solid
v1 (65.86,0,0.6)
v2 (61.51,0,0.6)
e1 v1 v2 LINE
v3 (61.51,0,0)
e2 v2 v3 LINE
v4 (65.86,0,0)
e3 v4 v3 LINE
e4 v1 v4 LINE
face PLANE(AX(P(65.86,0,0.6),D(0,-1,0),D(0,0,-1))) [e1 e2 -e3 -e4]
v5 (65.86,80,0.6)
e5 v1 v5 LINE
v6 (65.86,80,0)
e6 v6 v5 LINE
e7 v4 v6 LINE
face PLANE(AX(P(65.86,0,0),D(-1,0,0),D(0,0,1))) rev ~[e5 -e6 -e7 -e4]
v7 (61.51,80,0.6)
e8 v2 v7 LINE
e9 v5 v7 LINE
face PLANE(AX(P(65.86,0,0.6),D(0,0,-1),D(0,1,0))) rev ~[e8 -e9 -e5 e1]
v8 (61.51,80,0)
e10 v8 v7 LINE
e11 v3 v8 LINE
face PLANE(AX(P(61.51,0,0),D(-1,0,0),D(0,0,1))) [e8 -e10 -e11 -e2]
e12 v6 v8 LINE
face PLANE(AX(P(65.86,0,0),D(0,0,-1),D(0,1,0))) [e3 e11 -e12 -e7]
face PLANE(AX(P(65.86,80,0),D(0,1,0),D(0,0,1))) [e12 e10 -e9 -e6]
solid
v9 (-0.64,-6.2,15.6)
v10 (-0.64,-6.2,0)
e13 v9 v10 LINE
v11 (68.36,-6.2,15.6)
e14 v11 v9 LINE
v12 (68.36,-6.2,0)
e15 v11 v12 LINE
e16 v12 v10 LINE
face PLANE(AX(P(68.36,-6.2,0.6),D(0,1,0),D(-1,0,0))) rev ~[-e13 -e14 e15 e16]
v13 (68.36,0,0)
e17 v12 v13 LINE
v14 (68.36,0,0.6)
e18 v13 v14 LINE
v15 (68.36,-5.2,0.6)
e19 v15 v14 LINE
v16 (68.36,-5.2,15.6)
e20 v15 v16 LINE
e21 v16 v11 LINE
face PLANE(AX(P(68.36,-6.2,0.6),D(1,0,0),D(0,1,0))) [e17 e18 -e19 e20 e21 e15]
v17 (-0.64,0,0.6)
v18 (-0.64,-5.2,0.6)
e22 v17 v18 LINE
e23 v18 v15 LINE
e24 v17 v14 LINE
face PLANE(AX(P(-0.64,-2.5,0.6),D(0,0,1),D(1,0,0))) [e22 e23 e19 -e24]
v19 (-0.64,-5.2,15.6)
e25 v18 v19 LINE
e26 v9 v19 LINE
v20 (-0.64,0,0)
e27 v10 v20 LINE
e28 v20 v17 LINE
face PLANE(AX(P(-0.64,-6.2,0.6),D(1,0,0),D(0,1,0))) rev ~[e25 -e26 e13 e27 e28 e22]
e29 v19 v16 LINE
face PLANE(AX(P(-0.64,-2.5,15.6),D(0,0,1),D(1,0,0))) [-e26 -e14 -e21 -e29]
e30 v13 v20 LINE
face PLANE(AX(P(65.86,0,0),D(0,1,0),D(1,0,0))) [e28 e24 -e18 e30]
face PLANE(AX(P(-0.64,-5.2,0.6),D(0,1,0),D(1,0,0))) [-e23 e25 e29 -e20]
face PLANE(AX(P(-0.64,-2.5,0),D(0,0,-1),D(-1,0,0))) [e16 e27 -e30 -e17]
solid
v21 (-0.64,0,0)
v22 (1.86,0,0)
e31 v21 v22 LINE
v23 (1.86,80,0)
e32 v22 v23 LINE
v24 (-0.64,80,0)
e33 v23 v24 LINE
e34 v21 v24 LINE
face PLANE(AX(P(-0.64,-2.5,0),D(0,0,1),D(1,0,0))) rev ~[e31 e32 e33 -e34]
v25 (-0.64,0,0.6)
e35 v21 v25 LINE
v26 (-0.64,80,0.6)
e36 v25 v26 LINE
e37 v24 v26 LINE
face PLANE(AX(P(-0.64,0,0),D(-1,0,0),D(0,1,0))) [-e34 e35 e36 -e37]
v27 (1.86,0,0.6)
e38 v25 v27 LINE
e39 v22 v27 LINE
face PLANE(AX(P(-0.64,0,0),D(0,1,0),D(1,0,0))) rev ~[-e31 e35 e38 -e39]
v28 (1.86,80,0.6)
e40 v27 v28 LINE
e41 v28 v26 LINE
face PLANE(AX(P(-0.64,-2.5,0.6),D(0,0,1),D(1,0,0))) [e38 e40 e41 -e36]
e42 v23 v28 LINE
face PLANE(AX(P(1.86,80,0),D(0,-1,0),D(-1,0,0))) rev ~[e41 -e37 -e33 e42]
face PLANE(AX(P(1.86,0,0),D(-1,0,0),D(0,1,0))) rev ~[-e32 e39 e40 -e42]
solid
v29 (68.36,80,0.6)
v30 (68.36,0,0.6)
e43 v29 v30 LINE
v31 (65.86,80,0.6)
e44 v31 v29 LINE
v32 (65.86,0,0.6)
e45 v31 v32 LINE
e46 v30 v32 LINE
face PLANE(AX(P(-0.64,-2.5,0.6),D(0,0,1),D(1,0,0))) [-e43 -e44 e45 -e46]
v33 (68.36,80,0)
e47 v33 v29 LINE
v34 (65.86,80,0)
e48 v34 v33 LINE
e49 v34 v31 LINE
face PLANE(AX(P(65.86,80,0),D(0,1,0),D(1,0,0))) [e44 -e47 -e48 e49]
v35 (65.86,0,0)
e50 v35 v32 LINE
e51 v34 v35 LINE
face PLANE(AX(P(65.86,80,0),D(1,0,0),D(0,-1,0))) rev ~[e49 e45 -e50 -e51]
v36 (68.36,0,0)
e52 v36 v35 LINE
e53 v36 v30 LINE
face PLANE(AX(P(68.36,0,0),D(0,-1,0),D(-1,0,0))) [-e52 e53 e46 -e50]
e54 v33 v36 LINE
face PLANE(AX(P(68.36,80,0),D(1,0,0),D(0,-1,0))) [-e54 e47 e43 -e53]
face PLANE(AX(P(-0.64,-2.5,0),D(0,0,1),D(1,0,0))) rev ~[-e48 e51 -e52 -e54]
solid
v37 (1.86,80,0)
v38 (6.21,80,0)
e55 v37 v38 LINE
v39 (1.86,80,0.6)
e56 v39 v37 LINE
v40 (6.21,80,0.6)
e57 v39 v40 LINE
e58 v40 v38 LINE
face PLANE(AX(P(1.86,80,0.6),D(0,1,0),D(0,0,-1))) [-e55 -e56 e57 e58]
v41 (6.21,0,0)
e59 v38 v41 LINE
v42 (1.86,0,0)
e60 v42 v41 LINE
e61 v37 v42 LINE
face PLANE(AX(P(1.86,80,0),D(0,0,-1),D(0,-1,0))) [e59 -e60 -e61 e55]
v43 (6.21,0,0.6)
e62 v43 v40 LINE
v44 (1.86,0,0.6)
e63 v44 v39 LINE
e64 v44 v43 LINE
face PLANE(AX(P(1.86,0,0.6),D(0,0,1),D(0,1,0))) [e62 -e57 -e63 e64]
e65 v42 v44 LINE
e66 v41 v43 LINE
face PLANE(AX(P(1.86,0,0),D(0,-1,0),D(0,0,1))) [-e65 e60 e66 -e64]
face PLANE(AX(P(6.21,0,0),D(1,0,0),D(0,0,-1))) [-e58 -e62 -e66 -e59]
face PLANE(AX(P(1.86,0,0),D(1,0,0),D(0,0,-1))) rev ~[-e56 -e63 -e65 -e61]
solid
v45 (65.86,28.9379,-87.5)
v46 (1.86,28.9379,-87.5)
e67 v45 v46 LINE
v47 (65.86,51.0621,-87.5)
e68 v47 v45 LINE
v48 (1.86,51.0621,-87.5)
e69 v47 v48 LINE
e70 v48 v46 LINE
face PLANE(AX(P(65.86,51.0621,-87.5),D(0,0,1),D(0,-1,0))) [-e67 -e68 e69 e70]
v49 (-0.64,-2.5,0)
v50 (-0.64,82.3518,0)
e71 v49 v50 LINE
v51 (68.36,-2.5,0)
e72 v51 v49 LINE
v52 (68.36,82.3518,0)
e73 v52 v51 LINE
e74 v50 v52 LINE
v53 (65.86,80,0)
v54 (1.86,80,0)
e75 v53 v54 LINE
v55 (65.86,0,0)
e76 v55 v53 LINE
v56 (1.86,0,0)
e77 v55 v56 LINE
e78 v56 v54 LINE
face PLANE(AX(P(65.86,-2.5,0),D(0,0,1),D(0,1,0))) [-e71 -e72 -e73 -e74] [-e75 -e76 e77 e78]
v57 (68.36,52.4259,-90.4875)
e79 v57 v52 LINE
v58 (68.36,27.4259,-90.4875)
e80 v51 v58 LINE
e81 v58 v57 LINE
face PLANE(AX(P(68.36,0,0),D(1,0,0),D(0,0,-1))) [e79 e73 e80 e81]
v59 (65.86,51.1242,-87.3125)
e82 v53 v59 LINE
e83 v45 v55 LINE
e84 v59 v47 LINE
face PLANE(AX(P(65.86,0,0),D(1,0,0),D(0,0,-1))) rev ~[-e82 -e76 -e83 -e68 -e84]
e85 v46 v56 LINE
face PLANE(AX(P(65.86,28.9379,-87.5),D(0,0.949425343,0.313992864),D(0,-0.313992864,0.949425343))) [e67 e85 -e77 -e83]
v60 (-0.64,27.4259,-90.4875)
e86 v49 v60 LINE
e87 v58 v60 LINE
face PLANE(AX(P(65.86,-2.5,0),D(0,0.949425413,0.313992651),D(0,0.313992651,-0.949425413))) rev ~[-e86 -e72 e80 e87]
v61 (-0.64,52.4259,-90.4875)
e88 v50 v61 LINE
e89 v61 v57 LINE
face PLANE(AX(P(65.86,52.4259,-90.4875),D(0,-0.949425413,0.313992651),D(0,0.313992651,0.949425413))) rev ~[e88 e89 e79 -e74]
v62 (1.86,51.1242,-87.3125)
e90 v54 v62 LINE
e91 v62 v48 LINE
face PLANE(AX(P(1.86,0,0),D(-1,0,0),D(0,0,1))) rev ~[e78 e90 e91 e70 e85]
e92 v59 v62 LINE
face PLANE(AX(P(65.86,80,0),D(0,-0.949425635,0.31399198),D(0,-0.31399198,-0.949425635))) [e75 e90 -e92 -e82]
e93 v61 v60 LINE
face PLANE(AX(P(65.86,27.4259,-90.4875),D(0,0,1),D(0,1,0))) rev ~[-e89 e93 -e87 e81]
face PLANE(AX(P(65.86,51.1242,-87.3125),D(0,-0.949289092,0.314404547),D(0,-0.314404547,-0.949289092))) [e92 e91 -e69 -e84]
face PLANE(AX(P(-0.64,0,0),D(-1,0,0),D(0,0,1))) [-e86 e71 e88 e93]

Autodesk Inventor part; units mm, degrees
ref_plane "Work Plane1" through (0, 32.027, -88.9) normal (0, 0, -1) x (-1, 0, 0)
ref_plane "Work Plane2" through (62.86, 0, 0) normal (1, 0, 0) x (0, 0, -1)
ref_plane "Work Plane4" through (65.86, 0, 0) normal (1, 0, 0) x (0, 0, -1)
sketch "Sketch14" plane through (65.86, 0, 0) normal (1, 0, 0) x (0, 0, -1)
  line L0 (0, 0) -> (0, 80) projected
  line L1 (0, 0) -> (0, -2.5)
  line L2 (0, -2.5) -> (90.4875, 27.4259)
  line L3 (90.4875, 27.4259) -> (90.4875, 52.4259)
  line L4 (90.4875, 52.4259) -> (0, 82.3518)
  line L5 (0, 82.3518) -> (0, 80)
  line L6 (0, 80) -> (87.3125, 51.1242)
  line L7 (87.5, 51.0621) -> (87.5, 28.9379) projected
  line L8 (87.3125, 51.1242) -> (87.5, 51.0621)
  line L9 (87.5, 51.0621) -> (87.5, 28.9379)
  line L10 (87.5, 28.9379) -> (0, 0)
  dimension "d60" = 2.5
  dimension "d61" = 71.7
  dimension "d62" = 25
  dimension "d63" = 108.3
extrude "Extrusion10" add sketch "Sketch14" against normal blind 64 contours L10 L7 L8 L6 L5 L4 L3 L2 L1
ref_plane "Work Plane5" through (1.86, 0, 0) normal (-1, 0, 0) x (0, 0, 1)
sketch "Sketch15" plane through (1.86, 0, 0) normal (-1, 0, 0) x (0, 0, 1)
  line L0 (0, 82.3518) -> (-90.4875, 52.4259) projected
  line L1 (0, 82.3518) -> (-90.4875, 52.4259)
  line L2 (-90.4875, 52.4259) -> (-90.4875, 27.4259) projected
  line L3 (-90.4875, 52.4259) -> (-90.4875, 27.4259)
  line L4 (0, -2.5) -> (-90.4875, 27.4259) projected
  line L5 (-90.4875, 27.4259) -> (0, -2.5)
  line L6 (0, -2.5) -> (0, 82.3518)
  point P0 (0, 0)
extrude "Extrusion11" add sketch "Sketch15" along normal blind 2.5
sketch "Sketch16" plane through (65.86, 0, 0) normal (1, 0, 0) x (0, 0, -1)
  line L0 (90.4875, 52.4259) -> (0, 82.3518) projected
  line L1 (90.4875, 27.4259) -> (90.4875, 52.4259) projected
  line L2 (0, 82.3518) -> (90.4875, 52.4259)
  line L3 (90.4875, 52.4259) -> (90.4875, 27.4259)
  line L4 (0, -2.5) -> (90.4875, 27.4259) projected
  line L5 (90.4875, 27.4259) -> (0, -2.5)
  line L6 (0, 82.3518) -> (0, 80) projected
  line L7 (0, -2.5) -> (0, 82.3518)
  point P0 (0, 0)
extrude "Extrusion12" add sketch "Sketch16" along normal blind 2.5
sketch "Sketch17" plane through (-0.64, -2.5, 0) normal (0, 0, 1) x (1, 0, 0)
  line L0 (2.5, 2.5) -> (2.5, 82.5) projected
  line L1 (0, 0) -> (0, 84.8518) projected
  line L2 (2.5, 82.5) -> (0, 82.5)
  line L3 (0, 82.5) -> (0, 2.5)
  line L4 (0, 2.5) -> (2.5, 2.5)
  line L5 (2.5, 2.5) -> (2.5, 82.5)
  line L6 (66.5, 82.5) -> (66.5, 2.5) projected
  line L7 (69, 84.8518) -> (69, 0) projected
  line L8 (66.5, 82.5) -> (69, 82.5)
  line L9 (69, 82.5) -> (69, 2.5)
  line L10 (69, 2.5) -> (66.5, 2.5)
  line L11 (66.5, 2.5) -> (66.5, 82.5)
  point P0 (0.64, 2.5)
extrude "Extrusion13" add sketch "Sketch17" along normal blind 0.6 separate body
sketch "Sketch18" plane through (65.86, 0, 0) normal (-1, 0, 0) x (0, 0, 1)
  line L0 (0.6, 0) -> (0.6, 80) projected
  line L1 (0, 80) -> (0.6, 80)
  line L2 (0.6, 80) -> (0.6, 0)
  line L3 (0.6, 0) -> (0, 0)
  line L4 (0, 0) -> (0, 80)
extrude "Extrusion14" add sketch "Sketch18" along normal blind 4.35 separate body
sketch "Sketch19" plane through (1.86, 0, 0) normal (1, 0, 0) x (0, 0, -1)
  line L0 (-0.6, 80) -> (0, 80)
  line L1 (0, 80) -> (0, 0)
  line L2 (0, 0) -> (-0.6, 0)
  line L3 (-0.6, 0) -> (-0.6, 80)
extrude "Extrusion15" add sketch "Sketch19" along normal blind 4.35 separate body
sketch "Sketch25" plane through (-0.64, -2.5, 0) normal (0, 0, 1) x (1, 0, 0)
  line L0 (66.5, 2.5) -> (69, 2.5) projected
  line L1 (69, 2.5) -> (0, 2.5)
  line L2 (0, 2.5) -> (0, -2.7)
  line L3 (0, -2.7) -> (69, -2.7)
  line L4 (69, -2.7) -> (69, 2.5)
  point P0 (0.64, 2.5)
  dimension "d106" = 5.2
extrude "Extrusion17" add sketch "Sketch25" along normal blind 0.6 separate body
sketch "Sketch26" plane through (-0.64, -2.5, 0.6) normal (0, 0, 1) x (1, 0, 0)
  line L0 (0, 2.5) -> (0, -2.7) projected
  line L1 (0, -2.7) -> (69, -2.7)
  line L2 (69, -2.7) -> (69, -3.7)
  line L3 (69, -3.7) -> (0, -3.7)
  line L4 (0, -3.7) -> (0, -2.7)
  point P0 (0.64, 2.5)
  dimension "d109" = 1
extrude "Extrusion18" add sketch "Sketch26" along normal blind 15 bodies 5
sketch "Sketch27" plane through (-0.64, -2.5, 0.6) normal (0, 0, -1) x (-1, 0, 0)
  line L0 (-69, -3.7) -> (-69, -2.7) projected
  line L1 (0, -2.7) -> (-69, -2.7) projected
  line L2 (-69, -3.7) -> (0, -3.7)
  line L3 (0, -3.7) -> (0, -2.7)
  line L4 (0, -2.7) -> (-69, -2.7)
  line L5 (-69, -2.7) -> (-69, -3.7)
  point P0 (-0.64, 2.5)
extrude "Extrusion19" add sketch "Sketch27" along normal blind 0.6 bodies 5
sketch "Sketch28" plane through (-0.64, 27.4259, -90.4875) normal (0, 0, -1) x (-1, 0, 0)
  circle A0 centre (-34.474, 12.5607) radius 10.5
  point P0 (-0.64, -27.4259)
  dimension "d114" = 21
properties part number "CamBody"
